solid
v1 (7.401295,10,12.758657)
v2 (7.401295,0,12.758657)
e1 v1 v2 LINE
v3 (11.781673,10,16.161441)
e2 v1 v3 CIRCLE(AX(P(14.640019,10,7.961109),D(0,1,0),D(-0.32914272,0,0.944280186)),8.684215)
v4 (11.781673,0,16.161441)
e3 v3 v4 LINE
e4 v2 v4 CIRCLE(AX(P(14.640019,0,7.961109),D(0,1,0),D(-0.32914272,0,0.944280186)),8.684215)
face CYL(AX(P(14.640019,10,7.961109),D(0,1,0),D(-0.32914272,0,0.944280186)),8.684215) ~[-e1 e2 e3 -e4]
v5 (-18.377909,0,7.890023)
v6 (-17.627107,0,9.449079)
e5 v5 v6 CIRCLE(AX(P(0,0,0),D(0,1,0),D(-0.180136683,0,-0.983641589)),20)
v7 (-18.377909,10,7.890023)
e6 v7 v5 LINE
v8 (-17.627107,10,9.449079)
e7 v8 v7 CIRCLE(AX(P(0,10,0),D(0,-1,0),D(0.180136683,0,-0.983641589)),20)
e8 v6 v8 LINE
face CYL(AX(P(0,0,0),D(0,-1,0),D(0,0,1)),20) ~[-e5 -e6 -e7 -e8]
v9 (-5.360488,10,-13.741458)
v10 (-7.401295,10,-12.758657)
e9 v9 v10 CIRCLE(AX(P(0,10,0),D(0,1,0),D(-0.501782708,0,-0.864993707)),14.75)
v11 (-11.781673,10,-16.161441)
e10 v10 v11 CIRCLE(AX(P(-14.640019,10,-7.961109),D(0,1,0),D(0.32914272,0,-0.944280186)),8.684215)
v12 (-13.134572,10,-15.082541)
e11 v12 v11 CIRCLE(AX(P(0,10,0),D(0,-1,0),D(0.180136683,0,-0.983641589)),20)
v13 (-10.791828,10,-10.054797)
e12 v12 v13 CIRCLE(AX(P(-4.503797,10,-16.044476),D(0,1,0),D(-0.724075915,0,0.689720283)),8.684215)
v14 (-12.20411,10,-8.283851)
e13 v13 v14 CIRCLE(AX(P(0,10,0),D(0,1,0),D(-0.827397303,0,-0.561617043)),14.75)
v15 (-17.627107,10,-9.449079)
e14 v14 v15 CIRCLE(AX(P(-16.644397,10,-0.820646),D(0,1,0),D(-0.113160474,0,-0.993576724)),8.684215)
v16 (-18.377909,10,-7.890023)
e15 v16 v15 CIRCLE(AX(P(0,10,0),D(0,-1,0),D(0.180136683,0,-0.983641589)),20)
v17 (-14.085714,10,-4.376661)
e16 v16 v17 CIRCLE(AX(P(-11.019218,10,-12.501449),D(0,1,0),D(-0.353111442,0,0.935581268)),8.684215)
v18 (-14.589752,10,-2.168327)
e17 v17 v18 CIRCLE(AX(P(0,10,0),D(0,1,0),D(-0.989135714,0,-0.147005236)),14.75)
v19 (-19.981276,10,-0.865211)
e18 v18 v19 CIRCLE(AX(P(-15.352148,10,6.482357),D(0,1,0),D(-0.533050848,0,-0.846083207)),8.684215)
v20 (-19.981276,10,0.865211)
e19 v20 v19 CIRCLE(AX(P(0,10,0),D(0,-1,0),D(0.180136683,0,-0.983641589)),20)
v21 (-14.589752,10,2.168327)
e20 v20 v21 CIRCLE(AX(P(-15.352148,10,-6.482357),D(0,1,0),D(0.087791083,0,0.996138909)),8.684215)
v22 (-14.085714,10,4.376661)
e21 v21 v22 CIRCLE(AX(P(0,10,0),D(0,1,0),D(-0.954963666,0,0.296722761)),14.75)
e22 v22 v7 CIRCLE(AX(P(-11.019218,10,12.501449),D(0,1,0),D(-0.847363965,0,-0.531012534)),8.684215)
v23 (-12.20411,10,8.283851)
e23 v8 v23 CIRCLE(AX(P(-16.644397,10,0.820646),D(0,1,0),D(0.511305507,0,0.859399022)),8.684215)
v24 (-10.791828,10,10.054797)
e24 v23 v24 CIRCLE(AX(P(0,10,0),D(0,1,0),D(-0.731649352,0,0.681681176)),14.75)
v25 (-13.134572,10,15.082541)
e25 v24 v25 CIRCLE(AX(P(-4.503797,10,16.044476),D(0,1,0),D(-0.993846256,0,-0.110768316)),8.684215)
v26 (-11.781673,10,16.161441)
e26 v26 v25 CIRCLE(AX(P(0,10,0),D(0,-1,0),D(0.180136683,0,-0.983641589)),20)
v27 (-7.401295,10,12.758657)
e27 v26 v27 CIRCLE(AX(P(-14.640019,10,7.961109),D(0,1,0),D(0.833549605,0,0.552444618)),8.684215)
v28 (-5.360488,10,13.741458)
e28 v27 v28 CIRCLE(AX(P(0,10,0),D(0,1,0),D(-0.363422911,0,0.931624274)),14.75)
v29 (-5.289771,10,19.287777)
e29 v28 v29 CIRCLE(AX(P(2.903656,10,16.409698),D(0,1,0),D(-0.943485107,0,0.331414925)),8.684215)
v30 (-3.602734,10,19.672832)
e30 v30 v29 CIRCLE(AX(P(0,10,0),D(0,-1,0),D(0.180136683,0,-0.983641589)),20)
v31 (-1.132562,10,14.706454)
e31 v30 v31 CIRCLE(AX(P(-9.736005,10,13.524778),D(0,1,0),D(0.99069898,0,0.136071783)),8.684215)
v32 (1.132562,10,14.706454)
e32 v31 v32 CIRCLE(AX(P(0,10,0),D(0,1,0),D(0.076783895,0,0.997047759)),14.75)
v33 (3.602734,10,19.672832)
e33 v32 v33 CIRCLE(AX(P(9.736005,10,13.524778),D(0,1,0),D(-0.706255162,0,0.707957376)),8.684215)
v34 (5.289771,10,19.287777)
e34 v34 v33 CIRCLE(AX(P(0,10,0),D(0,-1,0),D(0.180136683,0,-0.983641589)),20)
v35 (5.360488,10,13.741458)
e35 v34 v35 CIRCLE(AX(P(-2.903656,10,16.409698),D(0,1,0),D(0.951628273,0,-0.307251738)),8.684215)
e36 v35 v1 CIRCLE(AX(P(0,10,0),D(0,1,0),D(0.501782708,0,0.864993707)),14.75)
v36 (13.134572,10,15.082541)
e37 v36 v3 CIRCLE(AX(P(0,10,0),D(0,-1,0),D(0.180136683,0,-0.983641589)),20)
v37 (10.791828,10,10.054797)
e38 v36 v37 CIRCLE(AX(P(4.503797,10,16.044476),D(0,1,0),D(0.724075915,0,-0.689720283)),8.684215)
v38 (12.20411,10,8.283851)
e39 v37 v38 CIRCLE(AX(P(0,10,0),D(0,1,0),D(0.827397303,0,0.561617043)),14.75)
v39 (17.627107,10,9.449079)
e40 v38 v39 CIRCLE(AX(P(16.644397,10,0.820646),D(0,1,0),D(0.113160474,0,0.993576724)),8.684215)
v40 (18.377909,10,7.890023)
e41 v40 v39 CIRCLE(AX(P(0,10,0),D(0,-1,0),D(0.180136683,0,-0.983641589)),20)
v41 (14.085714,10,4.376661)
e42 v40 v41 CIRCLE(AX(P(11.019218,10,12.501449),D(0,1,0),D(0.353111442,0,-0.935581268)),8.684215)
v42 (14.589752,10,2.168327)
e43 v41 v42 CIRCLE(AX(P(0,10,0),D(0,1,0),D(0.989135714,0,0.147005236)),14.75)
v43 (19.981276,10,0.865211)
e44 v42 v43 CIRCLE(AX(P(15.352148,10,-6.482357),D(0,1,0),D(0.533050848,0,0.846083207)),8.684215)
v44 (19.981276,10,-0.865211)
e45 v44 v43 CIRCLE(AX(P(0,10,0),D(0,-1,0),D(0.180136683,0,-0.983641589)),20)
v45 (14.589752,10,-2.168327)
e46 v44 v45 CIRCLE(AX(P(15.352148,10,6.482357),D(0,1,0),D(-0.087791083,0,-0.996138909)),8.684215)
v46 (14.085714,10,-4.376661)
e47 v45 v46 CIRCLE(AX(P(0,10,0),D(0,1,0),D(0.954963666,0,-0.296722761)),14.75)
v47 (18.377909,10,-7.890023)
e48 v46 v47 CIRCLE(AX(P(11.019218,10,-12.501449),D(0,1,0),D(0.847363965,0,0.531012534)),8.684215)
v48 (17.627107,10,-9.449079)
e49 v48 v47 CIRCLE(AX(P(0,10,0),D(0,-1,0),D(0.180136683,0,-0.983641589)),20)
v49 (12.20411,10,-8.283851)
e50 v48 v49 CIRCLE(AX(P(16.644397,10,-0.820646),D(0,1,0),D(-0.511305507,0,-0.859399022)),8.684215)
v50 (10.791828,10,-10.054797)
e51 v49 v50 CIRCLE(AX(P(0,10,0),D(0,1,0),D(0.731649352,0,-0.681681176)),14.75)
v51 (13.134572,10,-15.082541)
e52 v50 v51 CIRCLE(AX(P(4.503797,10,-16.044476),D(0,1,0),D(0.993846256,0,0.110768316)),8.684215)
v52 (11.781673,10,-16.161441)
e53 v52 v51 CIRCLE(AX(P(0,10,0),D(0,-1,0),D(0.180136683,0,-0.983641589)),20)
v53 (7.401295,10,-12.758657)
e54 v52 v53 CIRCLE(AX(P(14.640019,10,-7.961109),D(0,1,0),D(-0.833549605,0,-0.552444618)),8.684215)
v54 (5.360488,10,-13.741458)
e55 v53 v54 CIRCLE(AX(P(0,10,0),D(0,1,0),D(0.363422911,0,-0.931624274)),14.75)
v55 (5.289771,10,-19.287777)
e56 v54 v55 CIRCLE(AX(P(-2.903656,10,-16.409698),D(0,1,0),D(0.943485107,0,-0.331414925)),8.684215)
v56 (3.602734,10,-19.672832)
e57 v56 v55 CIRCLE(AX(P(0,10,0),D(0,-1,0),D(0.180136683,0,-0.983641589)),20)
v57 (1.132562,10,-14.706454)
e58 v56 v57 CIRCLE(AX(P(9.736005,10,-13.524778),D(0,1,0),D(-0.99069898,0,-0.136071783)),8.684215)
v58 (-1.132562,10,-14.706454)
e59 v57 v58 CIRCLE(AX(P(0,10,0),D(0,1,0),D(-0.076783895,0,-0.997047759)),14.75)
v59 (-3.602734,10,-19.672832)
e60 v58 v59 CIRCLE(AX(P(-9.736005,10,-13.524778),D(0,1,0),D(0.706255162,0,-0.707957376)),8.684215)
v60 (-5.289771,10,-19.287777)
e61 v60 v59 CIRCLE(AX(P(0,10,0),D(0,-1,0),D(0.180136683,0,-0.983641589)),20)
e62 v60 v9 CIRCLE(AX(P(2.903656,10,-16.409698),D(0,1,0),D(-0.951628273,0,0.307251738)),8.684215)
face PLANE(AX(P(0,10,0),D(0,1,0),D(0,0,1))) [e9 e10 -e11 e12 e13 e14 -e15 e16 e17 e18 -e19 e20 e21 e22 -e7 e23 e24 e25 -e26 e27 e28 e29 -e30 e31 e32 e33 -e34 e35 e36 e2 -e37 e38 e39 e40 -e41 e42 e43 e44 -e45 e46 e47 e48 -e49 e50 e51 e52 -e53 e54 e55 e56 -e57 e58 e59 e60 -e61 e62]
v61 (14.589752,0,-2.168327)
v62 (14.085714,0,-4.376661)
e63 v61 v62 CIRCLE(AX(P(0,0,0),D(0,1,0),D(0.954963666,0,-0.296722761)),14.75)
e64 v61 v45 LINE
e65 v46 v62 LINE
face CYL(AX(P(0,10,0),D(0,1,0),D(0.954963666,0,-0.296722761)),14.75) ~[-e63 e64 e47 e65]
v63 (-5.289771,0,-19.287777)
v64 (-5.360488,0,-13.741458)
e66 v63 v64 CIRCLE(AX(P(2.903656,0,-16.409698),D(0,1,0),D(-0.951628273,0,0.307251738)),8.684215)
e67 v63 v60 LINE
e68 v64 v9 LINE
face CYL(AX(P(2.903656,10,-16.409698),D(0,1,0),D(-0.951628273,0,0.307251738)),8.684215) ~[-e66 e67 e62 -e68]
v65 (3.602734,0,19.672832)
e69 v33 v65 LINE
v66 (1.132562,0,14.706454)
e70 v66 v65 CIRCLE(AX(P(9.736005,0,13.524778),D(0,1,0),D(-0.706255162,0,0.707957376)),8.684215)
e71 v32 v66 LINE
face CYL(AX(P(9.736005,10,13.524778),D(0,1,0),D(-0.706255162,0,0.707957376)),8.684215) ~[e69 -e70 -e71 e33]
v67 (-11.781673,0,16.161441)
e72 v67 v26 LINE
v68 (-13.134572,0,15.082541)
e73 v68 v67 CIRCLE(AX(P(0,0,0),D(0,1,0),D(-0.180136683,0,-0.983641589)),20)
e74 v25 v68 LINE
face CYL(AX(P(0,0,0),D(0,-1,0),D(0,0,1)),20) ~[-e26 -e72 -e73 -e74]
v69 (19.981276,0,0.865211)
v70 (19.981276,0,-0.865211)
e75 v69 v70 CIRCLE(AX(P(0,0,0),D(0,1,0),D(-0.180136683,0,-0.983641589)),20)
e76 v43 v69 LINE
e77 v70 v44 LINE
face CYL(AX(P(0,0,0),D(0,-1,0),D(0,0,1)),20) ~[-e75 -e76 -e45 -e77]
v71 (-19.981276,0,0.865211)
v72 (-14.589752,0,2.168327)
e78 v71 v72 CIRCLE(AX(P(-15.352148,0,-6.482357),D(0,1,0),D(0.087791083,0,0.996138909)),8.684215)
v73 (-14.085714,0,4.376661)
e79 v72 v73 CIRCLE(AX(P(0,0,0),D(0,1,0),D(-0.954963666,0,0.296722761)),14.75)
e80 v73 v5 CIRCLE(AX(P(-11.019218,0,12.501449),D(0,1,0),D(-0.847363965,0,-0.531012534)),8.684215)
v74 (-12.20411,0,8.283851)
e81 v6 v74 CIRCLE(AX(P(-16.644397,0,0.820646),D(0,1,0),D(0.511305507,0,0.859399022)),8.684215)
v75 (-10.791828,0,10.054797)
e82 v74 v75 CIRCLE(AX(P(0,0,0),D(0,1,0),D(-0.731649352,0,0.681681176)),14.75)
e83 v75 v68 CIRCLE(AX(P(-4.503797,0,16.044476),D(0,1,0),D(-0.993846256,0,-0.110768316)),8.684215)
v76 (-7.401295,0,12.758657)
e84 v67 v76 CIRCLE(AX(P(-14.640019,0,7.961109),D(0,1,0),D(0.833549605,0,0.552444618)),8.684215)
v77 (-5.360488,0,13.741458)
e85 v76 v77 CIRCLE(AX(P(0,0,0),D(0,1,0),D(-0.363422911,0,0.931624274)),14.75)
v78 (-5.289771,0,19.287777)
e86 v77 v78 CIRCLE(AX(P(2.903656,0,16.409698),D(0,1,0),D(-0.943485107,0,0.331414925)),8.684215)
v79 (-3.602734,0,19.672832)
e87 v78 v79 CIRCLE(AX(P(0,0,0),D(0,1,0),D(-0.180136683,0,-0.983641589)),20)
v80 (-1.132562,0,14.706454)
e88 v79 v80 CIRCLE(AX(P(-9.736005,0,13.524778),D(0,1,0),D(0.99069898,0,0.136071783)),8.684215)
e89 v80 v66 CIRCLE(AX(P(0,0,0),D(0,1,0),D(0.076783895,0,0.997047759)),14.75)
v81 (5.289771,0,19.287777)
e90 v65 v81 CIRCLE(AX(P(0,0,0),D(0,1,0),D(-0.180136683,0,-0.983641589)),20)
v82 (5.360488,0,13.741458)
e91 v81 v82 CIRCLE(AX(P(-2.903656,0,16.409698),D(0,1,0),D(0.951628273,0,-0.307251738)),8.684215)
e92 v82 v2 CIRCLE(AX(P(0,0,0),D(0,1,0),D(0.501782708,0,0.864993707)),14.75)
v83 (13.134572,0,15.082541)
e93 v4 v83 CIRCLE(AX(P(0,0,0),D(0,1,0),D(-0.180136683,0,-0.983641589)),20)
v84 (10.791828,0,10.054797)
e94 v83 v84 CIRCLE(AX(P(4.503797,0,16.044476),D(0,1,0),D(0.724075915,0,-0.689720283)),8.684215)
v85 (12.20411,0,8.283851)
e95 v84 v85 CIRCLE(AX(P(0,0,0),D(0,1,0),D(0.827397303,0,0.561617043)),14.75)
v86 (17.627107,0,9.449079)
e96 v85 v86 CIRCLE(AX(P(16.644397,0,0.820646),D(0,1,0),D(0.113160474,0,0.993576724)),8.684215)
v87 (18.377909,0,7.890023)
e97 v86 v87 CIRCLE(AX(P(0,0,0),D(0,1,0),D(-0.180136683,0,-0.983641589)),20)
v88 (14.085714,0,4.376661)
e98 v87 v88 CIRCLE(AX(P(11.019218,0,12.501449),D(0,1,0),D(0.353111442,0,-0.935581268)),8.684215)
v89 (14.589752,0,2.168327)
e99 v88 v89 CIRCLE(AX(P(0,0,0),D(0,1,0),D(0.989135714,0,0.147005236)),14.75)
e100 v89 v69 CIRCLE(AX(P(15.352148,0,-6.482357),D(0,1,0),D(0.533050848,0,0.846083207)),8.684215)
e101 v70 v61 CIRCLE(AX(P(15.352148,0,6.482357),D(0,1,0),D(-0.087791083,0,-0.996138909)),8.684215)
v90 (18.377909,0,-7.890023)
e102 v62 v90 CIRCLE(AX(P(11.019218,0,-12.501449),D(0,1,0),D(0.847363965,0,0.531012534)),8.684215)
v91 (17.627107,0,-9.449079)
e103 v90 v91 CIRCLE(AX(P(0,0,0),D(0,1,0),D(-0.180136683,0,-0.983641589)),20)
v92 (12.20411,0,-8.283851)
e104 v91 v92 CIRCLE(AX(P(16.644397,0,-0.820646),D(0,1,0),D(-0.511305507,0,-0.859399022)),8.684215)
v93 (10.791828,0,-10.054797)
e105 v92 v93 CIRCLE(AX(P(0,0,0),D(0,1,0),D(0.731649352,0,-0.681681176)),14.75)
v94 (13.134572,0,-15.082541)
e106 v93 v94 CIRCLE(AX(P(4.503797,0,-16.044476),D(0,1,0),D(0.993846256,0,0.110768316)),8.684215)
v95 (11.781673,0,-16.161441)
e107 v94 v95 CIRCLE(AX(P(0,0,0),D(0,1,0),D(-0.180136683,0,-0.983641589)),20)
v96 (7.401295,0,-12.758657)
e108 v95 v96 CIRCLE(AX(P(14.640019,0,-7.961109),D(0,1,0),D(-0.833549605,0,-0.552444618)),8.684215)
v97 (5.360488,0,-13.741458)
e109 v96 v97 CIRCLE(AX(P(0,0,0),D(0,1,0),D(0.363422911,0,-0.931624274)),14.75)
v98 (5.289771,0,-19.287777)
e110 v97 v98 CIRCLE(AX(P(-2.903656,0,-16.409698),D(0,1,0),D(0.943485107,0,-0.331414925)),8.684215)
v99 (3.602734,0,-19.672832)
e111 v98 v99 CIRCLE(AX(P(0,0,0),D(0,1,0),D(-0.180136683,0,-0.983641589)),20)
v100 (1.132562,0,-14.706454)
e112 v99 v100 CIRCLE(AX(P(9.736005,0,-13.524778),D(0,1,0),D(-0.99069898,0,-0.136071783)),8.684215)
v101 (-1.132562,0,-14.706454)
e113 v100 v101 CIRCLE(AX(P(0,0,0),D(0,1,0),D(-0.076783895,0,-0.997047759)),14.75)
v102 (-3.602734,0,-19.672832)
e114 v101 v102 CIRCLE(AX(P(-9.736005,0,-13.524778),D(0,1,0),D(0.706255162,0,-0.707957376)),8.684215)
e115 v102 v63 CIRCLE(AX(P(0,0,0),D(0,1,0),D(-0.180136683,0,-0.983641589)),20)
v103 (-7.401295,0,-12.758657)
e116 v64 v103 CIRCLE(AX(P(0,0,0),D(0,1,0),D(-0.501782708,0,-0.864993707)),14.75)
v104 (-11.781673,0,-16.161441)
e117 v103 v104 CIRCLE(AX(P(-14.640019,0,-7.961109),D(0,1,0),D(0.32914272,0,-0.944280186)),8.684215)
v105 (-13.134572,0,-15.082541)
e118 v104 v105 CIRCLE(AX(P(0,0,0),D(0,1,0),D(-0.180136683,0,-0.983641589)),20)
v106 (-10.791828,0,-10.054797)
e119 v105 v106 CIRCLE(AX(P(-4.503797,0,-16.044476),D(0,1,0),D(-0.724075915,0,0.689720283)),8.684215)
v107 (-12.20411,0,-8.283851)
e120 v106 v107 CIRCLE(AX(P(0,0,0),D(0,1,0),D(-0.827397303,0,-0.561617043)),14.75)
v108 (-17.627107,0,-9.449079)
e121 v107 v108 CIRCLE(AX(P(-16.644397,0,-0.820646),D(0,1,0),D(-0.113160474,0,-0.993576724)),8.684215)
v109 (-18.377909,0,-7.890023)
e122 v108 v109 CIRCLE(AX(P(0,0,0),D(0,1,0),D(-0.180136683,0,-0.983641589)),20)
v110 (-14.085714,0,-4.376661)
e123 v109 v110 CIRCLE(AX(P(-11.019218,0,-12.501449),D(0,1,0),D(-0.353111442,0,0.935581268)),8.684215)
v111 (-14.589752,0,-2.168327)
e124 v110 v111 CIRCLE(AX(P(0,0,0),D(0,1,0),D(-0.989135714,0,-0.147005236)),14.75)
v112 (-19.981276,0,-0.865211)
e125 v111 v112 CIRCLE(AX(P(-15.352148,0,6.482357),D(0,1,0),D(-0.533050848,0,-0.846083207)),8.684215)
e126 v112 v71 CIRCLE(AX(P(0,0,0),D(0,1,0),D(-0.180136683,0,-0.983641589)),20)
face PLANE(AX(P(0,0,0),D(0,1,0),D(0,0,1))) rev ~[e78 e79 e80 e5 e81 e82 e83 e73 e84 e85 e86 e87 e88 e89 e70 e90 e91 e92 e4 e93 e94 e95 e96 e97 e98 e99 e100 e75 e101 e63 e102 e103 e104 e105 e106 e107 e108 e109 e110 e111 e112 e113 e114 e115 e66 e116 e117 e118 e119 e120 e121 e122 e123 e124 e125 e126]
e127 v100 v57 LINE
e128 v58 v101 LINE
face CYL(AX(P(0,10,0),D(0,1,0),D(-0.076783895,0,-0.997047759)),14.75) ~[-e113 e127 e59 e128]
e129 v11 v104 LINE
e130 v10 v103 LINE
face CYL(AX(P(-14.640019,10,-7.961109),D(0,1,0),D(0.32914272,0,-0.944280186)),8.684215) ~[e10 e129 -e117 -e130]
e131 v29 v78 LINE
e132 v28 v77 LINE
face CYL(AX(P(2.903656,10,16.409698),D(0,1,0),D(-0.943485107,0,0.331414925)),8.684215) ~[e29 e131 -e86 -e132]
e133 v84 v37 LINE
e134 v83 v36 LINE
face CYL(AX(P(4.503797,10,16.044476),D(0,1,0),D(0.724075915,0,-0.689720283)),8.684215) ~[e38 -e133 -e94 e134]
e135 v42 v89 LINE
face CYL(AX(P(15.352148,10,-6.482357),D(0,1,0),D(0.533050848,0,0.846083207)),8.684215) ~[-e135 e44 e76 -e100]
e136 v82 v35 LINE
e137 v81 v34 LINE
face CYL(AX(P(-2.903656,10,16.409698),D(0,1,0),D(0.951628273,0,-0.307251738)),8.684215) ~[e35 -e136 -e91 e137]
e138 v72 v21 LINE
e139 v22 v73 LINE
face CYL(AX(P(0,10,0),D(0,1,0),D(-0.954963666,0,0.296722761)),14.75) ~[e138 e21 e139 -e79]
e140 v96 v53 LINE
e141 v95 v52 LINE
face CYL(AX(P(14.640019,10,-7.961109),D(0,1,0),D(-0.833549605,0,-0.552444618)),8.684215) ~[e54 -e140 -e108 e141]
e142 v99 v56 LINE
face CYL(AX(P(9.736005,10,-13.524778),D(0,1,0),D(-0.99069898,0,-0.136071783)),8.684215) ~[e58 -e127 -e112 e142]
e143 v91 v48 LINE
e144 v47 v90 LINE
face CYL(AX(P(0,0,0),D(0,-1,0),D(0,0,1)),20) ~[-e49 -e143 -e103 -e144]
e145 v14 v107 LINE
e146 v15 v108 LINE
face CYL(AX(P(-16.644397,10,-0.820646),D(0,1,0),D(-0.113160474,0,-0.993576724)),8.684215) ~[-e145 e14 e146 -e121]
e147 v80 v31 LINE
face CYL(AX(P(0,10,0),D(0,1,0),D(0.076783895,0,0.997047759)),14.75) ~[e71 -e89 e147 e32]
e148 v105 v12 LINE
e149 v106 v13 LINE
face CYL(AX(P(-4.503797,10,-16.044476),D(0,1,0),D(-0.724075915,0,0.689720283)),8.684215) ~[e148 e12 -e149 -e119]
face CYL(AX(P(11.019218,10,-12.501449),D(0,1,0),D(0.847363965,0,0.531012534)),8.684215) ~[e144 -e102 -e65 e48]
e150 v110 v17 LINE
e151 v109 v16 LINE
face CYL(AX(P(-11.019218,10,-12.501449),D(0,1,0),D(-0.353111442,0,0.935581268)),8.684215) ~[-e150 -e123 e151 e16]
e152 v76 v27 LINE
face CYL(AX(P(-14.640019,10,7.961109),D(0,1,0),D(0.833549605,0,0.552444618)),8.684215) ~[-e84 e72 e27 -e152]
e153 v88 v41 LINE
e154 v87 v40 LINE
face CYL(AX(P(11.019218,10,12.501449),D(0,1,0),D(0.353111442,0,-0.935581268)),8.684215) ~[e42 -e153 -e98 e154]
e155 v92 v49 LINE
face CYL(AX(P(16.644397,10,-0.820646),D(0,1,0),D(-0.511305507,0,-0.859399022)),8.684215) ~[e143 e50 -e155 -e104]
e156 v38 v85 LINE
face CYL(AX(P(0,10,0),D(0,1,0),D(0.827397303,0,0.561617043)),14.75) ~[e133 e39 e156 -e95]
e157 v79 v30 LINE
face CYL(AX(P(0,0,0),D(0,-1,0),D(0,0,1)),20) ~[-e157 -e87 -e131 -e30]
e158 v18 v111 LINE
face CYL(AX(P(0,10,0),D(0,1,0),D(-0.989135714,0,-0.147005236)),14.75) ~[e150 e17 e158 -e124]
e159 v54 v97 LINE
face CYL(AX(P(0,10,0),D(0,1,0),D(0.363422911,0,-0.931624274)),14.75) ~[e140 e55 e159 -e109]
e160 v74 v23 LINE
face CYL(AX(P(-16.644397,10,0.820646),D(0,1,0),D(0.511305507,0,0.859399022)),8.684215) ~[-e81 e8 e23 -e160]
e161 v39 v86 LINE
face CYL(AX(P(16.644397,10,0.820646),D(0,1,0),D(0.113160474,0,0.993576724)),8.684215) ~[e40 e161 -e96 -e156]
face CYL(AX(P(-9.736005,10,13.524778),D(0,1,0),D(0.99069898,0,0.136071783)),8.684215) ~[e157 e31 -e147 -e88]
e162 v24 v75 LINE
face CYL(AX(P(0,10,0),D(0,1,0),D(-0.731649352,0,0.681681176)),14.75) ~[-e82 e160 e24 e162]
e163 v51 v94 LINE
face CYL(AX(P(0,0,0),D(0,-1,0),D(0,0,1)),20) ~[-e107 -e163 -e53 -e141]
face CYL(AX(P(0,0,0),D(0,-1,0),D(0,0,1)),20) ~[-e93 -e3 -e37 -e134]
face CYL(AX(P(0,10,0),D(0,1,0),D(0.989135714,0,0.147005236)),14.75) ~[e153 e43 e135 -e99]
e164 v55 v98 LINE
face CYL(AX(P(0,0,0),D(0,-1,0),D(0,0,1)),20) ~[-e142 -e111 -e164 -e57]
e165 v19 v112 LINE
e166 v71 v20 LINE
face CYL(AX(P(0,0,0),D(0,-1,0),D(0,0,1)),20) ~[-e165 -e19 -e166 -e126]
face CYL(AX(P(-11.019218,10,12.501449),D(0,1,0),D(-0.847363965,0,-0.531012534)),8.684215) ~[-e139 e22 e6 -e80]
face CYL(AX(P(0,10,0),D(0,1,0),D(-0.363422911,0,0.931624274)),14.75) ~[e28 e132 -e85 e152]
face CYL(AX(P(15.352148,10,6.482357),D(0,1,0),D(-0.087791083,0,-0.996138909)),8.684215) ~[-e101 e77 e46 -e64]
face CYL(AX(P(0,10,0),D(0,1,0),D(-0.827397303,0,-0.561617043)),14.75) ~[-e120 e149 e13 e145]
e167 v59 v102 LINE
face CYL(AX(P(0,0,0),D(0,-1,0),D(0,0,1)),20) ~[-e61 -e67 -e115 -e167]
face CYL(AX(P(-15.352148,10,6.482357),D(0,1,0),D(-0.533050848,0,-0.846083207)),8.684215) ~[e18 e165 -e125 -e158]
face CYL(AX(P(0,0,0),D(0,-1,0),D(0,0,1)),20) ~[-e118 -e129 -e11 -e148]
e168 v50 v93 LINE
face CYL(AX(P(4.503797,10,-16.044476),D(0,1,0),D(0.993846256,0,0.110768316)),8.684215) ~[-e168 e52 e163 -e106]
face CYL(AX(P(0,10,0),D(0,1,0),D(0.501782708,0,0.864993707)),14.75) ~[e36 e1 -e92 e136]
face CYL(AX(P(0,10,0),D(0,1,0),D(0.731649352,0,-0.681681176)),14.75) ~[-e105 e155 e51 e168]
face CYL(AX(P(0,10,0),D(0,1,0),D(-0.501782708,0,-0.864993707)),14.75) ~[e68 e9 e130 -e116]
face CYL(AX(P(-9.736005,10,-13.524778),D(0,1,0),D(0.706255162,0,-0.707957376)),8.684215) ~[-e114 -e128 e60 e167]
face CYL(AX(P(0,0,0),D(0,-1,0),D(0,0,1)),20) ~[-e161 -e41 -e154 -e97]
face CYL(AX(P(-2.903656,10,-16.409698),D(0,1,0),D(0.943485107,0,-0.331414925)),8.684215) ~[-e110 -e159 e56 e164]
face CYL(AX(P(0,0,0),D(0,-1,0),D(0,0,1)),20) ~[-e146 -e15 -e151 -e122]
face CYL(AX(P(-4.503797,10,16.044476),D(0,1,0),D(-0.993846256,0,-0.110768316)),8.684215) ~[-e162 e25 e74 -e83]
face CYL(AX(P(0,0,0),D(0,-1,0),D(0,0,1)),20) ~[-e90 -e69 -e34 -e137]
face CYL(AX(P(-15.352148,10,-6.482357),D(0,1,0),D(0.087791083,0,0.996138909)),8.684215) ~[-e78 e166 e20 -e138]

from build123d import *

# Parameters (mm, degrees)
SKETCH_1_R               = 20
EXTRUDE_1_DEPTH          = 10
CUT_EXTRUDE_1_DEPTH      = 31
PATTERN_CIRCULAR_1_COUNT = 14


with BuildPart() as part:
    # 草图1 → 凸台-拉伸1 (new body)
    with BuildSketch(Plane(origin=(0, 0, 0), x_dir=(1, 0, 0), z_dir=(0, 1, 0))):
        with Locations(Location((0, 0, 0), (0, 0, 270))):
            Circle(SKETCH_1_R)
    extrude(amount=EXTRUDE_1_DEPTH)

    # 草图2 → 切除-拉伸1 (cut, symmetric)
    with BuildSketch(Plane(origin=(0, 10, 0), x_dir=(1, 0, 0), z_dir=(0, 1, 0))):
        with BuildLine():
            ThreePointArc((-1.13256244, 14.706454444), (0, 14.75), (1.13256244, 14.706454444))
            ThreePointArc((1.13256244, 14.706454444), (1.960472225, 17.392163769), (3.60273366, 19.672831778))
            ThreePointArc((3.60273366, 19.672831778), (0, 20), (-3.60273366, 19.672831778))
            ThreePointArc((-3.60273366, 19.672831778), (-1.960472225, 17.392163769), (-1.13256244, 14.706454444))
        make_face()
    cut_extrude_1 = extrude(amount=CUT_EXTRUDE_1_DEPTH, both=True, mode=Mode.SUBTRACT)

    # 阵列(圆周)1: 切除-拉伸1 ×14 about axis
    pattern_circular_1_axis = Axis((0, 0, 0), (0, 1, 0))
    for i in range(1, PATTERN_CIRCULAR_1_COUNT):
        add(cut_extrude_1.rotate(pattern_circular_1_axis, i * 360 / PATTERN_CIRCULAR_1_COUNT), mode=Mode.SUBTRACT)


solid = part.part
